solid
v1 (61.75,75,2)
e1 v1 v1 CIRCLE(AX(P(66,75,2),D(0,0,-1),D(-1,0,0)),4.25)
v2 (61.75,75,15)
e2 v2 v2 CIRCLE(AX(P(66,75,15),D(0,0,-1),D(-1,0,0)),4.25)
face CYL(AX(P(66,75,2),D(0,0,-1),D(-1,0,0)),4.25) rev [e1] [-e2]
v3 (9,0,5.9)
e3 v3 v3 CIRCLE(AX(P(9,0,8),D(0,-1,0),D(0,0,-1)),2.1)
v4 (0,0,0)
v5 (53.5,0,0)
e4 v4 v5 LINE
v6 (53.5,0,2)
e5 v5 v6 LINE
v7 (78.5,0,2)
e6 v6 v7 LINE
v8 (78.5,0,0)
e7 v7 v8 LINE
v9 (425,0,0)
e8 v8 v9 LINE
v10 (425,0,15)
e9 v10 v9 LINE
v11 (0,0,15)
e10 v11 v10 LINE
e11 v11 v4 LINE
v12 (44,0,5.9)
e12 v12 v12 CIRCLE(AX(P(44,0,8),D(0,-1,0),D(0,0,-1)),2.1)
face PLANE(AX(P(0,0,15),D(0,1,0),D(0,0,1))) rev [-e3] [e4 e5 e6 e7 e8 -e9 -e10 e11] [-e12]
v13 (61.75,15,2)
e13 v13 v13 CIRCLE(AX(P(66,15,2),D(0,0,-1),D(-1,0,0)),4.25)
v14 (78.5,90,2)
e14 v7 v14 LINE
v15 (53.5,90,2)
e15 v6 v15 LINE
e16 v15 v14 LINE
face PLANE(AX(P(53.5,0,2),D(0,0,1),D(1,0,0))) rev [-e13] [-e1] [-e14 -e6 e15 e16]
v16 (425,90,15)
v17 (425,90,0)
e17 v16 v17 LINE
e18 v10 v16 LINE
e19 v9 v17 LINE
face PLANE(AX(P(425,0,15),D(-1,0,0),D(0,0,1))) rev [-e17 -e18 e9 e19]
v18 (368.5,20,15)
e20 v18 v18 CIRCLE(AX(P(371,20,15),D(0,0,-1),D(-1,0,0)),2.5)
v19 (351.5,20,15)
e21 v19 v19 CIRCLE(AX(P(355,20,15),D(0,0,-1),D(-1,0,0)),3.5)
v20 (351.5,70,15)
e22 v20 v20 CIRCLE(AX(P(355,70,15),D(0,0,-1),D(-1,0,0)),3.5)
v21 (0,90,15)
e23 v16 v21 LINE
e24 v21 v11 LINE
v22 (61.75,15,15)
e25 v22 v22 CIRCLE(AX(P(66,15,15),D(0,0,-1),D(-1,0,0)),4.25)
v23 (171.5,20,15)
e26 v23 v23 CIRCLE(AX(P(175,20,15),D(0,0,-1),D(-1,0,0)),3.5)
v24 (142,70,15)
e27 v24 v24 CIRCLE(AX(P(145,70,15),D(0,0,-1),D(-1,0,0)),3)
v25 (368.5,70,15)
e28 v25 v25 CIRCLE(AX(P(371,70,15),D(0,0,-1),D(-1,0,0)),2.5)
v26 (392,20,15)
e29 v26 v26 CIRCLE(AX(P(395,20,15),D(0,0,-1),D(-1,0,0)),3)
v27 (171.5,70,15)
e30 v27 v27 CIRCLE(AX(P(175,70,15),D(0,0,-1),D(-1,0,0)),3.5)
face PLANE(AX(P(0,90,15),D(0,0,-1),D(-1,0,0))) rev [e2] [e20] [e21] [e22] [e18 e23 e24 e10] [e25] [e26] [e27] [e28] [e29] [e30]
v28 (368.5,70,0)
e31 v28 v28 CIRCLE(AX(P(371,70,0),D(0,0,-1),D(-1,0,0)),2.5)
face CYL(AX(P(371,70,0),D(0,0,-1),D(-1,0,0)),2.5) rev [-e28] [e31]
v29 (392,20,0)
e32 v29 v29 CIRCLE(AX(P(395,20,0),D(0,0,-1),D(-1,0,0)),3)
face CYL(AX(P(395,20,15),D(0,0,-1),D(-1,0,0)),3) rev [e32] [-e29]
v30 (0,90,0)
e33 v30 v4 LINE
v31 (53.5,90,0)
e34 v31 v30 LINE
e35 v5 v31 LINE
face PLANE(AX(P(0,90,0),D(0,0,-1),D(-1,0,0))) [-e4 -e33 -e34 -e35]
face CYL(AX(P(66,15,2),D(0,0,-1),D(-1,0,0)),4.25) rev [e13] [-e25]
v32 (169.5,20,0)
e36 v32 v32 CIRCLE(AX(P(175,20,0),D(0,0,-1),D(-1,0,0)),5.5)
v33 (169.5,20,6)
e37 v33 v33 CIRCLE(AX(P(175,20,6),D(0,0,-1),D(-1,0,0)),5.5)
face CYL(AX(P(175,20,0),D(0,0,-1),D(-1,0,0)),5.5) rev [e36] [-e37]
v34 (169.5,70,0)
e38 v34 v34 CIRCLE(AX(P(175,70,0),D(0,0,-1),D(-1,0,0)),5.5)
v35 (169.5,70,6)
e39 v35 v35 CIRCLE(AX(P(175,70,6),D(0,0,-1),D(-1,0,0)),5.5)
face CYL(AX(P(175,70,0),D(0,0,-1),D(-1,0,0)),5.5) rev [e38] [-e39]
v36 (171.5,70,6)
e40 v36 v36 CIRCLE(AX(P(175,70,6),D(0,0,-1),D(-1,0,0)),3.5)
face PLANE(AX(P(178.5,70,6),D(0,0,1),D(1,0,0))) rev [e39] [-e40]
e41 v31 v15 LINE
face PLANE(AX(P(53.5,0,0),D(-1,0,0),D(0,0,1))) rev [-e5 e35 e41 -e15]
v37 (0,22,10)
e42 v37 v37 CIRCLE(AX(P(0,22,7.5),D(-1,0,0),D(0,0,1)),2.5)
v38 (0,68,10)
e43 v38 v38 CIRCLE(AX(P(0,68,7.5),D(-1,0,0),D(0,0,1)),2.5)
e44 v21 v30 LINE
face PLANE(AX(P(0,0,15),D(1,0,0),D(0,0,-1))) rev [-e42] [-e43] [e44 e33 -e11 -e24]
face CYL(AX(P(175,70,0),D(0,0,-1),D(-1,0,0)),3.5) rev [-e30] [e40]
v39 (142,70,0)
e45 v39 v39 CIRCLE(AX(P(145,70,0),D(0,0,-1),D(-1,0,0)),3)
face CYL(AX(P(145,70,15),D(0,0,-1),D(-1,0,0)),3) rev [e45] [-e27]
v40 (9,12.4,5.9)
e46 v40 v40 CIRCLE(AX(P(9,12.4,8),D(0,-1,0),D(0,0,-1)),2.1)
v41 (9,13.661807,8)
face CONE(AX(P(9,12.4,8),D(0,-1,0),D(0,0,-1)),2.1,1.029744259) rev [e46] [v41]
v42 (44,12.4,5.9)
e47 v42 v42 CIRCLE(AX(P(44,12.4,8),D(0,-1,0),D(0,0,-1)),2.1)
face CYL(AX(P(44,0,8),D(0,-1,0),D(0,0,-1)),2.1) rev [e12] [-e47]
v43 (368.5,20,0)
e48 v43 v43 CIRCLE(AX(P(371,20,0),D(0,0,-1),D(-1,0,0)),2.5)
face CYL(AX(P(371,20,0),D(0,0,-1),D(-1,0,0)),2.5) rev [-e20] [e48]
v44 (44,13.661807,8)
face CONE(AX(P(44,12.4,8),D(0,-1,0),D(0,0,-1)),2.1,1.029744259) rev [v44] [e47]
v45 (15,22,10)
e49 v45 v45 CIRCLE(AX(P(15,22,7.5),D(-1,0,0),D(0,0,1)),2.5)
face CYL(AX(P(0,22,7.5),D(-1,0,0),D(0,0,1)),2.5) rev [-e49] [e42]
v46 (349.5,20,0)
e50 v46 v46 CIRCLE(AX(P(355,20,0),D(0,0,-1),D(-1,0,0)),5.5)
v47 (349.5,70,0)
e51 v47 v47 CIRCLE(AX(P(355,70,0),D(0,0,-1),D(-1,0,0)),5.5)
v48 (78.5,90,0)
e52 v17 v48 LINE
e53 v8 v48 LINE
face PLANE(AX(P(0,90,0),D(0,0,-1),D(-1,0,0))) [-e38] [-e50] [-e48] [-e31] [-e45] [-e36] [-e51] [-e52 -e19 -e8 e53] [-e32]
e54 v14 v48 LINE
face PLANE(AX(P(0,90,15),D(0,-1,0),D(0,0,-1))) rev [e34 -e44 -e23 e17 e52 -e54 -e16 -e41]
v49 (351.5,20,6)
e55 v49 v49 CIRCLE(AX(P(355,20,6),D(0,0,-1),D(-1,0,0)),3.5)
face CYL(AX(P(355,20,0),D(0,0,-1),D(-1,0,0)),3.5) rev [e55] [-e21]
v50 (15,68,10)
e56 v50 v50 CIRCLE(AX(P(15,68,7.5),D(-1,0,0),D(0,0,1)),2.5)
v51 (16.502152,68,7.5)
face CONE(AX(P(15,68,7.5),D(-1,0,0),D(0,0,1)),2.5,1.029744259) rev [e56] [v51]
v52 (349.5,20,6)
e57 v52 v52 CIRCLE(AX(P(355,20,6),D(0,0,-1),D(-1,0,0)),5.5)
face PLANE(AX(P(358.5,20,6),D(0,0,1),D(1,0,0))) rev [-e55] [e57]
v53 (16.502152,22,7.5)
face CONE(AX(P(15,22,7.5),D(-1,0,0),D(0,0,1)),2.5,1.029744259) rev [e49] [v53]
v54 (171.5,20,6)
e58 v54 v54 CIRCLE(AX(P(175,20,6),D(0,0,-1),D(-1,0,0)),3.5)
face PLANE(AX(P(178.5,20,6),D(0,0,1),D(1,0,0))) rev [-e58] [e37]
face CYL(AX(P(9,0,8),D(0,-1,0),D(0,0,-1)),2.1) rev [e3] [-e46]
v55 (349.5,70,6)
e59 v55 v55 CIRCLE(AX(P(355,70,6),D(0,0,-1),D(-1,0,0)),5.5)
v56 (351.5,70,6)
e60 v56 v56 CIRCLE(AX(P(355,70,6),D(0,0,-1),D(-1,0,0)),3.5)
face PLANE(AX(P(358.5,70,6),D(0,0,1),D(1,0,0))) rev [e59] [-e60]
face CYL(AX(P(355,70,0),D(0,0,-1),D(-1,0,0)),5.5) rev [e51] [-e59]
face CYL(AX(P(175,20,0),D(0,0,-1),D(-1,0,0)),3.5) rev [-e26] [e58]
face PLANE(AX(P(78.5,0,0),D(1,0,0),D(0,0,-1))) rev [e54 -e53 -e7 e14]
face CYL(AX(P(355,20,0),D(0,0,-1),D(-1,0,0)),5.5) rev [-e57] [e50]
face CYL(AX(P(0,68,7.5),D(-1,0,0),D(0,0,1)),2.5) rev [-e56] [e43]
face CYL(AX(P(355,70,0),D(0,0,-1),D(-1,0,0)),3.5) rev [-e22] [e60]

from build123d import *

# Parameters (mm, degrees)
SKETCH_1_W                     = 425
SKETCH_1_H                     = 90
EXTRUDE_1_DEPTH                = 15
SKETCH_2_W                     = 25
SKETCH_2_H                     = 2
CUT_EXTRUDE_1_DEPTH            = 435.683793119
HOLE_WIZARD_M10_1_D            = 8.5
HOLE_WIZARD_M10_1_DEPTH        = 24.5
HOLE_WIZARD_M10_1_TIP          = 2.553657631
HOLE_WIZARD_M6_1_D             = 5
HOLE_WIZARD_M6_1_DEPTH         = 15
HOLE_WIZARD_M6_1_TIP           = 1.502151548
HOLE_WIZARD_M5_1_D             = 4.2
HOLE_WIZARD_M5_1_DEPTH         = 12.4
HOLE_WIZARD_M5_1_TIP           = 1.2618073
HOLE_WIZARD_M6_2_D             = 5
HOLE_WIZARD_M6_2_DEPTH         = 15
HOLE_WIZARD_M6_2_TIP           = 1.502151548
SKETCH_11_R                    = 3
CUT_EXTRUDE_2_DEPTH            = 435.683793119
HOLE_WIZARD_M6_1_2_D           = 7
HOLE_WIZARD_M6_1_2_CBORE_D     = 11
HOLE_WIZARD_M6_1_2_CBORE_DEPTH = 6


with BuildPart() as part:
    # 草图1 → 凸台-拉伸1 (new body)
    with BuildSketch(Plane.XY):
        with Locations((212.5, 45)):
            Rectangle(SKETCH_1_W, SKETCH_1_H)
    extrude(amount=EXTRUDE_1_DEPTH)

    # 草图2 → 切除-拉伸1 (cut, through all)
    with BuildSketch(Plane(origin=(0, 90, 0), x_dir=(1, 0, 0), z_dir=(0, 1, 0))):
        with Locations((66, -1)):
            Rectangle(SKETCH_2_W, SKETCH_2_H)
    extrude(amount=-CUT_EXTRUDE_1_DEPTH, mode=Mode.SUBTRACT)

    # M10 螺纹孔1
    with Locations(Plane(origin=(0, 0, 2), x_dir=(-1, 0, 0), z_dir=(0, 0, -1))):
        with Locations((-66, 75), (-66, 15)):
            Hole(HOLE_WIZARD_M10_1_D / 2, depth=HOLE_WIZARD_M10_1_DEPTH)
            with Locations((0, 0, -(HOLE_WIZARD_M10_1_DEPTH + HOLE_WIZARD_M10_1_TIP / 2))):  # 118° drill point
                Cone(0, HOLE_WIZARD_M10_1_D / 2, HOLE_WIZARD_M10_1_TIP, mode=Mode.SUBTRACT)

    # Hole Wizard M6 _1
    with Locations(Plane.ZY):
        with Locations((7.5, 68), (7.5, 22)):
            Hole(HOLE_WIZARD_M6_1_D / 2, depth=HOLE_WIZARD_M6_1_DEPTH)
            with Locations((0, 0, -(HOLE_WIZARD_M6_1_DEPTH + HOLE_WIZARD_M6_1_TIP / 2))):  # 118° drill point
                Cone(0, HOLE_WIZARD_M6_1_D / 2, HOLE_WIZARD_M6_1_TIP, mode=Mode.SUBTRACT)

    # M5 螺纹孔1
    with Locations(Plane.XZ):
        with Locations((9, 8), (44, 8)):
            Hole(HOLE_WIZARD_M5_1_D / 2, depth=HOLE_WIZARD_M5_1_DEPTH)
            with Locations((0, 0, -(HOLE_WIZARD_M5_1_DEPTH + HOLE_WIZARD_M5_1_TIP / 2))):  # 118° drill point
                Cone(0, HOLE_WIZARD_M5_1_D / 2, HOLE_WIZARD_M5_1_TIP, mode=Mode.SUBTRACT)

    # M6 螺纹孔2
    with Locations(Plane(origin=(0, 0, 0), x_dir=(-1, 0, 0), z_dir=(0, 0, -1))):
        with Locations((-371, 70), (-371, 20)):
            Hole(HOLE_WIZARD_M6_2_D / 2, depth=HOLE_WIZARD_M6_2_DEPTH)
            with Locations((0, 0, -(HOLE_WIZARD_M6_2_DEPTH + HOLE_WIZARD_M6_2_TIP / 2))):  # 118° drill point
                Cone(0, HOLE_WIZARD_M6_2_D / 2, HOLE_WIZARD_M6_2_TIP, mode=Mode.SUBTRACT)

    # 草图11 → 切除-拉伸2 (cut, through all)
    with BuildSketch(Plane(origin=(0, 0, 0), x_dir=(-1, 0, 0), z_dir=(0, 0, -1))):
        with Locations((-145, 70)):
            Circle(SKETCH_11_R)
        with Locations((-395, 20)):
            Circle(SKETCH_11_R)
    extrude(amount=-CUT_EXTRUDE_2_DEPTH, mode=Mode.SUBTRACT)

    # Hole Wizard M6 _1 2 (through all)
    with Locations(Plane(origin=(0, 0, 0), x_dir=(-1, 0, 0), z_dir=(0, 0, -1))):
        with Locations((-175, 20), (-355, 20), (-175, 70), (-355, 70)):
            CounterBoreHole(HOLE_WIZARD_M6_1_2_D / 2, HOLE_WIZARD_M6_1_2_CBORE_D / 2, HOLE_WIZARD_M6_1_2_CBORE_DEPTH)


solid = part.part
